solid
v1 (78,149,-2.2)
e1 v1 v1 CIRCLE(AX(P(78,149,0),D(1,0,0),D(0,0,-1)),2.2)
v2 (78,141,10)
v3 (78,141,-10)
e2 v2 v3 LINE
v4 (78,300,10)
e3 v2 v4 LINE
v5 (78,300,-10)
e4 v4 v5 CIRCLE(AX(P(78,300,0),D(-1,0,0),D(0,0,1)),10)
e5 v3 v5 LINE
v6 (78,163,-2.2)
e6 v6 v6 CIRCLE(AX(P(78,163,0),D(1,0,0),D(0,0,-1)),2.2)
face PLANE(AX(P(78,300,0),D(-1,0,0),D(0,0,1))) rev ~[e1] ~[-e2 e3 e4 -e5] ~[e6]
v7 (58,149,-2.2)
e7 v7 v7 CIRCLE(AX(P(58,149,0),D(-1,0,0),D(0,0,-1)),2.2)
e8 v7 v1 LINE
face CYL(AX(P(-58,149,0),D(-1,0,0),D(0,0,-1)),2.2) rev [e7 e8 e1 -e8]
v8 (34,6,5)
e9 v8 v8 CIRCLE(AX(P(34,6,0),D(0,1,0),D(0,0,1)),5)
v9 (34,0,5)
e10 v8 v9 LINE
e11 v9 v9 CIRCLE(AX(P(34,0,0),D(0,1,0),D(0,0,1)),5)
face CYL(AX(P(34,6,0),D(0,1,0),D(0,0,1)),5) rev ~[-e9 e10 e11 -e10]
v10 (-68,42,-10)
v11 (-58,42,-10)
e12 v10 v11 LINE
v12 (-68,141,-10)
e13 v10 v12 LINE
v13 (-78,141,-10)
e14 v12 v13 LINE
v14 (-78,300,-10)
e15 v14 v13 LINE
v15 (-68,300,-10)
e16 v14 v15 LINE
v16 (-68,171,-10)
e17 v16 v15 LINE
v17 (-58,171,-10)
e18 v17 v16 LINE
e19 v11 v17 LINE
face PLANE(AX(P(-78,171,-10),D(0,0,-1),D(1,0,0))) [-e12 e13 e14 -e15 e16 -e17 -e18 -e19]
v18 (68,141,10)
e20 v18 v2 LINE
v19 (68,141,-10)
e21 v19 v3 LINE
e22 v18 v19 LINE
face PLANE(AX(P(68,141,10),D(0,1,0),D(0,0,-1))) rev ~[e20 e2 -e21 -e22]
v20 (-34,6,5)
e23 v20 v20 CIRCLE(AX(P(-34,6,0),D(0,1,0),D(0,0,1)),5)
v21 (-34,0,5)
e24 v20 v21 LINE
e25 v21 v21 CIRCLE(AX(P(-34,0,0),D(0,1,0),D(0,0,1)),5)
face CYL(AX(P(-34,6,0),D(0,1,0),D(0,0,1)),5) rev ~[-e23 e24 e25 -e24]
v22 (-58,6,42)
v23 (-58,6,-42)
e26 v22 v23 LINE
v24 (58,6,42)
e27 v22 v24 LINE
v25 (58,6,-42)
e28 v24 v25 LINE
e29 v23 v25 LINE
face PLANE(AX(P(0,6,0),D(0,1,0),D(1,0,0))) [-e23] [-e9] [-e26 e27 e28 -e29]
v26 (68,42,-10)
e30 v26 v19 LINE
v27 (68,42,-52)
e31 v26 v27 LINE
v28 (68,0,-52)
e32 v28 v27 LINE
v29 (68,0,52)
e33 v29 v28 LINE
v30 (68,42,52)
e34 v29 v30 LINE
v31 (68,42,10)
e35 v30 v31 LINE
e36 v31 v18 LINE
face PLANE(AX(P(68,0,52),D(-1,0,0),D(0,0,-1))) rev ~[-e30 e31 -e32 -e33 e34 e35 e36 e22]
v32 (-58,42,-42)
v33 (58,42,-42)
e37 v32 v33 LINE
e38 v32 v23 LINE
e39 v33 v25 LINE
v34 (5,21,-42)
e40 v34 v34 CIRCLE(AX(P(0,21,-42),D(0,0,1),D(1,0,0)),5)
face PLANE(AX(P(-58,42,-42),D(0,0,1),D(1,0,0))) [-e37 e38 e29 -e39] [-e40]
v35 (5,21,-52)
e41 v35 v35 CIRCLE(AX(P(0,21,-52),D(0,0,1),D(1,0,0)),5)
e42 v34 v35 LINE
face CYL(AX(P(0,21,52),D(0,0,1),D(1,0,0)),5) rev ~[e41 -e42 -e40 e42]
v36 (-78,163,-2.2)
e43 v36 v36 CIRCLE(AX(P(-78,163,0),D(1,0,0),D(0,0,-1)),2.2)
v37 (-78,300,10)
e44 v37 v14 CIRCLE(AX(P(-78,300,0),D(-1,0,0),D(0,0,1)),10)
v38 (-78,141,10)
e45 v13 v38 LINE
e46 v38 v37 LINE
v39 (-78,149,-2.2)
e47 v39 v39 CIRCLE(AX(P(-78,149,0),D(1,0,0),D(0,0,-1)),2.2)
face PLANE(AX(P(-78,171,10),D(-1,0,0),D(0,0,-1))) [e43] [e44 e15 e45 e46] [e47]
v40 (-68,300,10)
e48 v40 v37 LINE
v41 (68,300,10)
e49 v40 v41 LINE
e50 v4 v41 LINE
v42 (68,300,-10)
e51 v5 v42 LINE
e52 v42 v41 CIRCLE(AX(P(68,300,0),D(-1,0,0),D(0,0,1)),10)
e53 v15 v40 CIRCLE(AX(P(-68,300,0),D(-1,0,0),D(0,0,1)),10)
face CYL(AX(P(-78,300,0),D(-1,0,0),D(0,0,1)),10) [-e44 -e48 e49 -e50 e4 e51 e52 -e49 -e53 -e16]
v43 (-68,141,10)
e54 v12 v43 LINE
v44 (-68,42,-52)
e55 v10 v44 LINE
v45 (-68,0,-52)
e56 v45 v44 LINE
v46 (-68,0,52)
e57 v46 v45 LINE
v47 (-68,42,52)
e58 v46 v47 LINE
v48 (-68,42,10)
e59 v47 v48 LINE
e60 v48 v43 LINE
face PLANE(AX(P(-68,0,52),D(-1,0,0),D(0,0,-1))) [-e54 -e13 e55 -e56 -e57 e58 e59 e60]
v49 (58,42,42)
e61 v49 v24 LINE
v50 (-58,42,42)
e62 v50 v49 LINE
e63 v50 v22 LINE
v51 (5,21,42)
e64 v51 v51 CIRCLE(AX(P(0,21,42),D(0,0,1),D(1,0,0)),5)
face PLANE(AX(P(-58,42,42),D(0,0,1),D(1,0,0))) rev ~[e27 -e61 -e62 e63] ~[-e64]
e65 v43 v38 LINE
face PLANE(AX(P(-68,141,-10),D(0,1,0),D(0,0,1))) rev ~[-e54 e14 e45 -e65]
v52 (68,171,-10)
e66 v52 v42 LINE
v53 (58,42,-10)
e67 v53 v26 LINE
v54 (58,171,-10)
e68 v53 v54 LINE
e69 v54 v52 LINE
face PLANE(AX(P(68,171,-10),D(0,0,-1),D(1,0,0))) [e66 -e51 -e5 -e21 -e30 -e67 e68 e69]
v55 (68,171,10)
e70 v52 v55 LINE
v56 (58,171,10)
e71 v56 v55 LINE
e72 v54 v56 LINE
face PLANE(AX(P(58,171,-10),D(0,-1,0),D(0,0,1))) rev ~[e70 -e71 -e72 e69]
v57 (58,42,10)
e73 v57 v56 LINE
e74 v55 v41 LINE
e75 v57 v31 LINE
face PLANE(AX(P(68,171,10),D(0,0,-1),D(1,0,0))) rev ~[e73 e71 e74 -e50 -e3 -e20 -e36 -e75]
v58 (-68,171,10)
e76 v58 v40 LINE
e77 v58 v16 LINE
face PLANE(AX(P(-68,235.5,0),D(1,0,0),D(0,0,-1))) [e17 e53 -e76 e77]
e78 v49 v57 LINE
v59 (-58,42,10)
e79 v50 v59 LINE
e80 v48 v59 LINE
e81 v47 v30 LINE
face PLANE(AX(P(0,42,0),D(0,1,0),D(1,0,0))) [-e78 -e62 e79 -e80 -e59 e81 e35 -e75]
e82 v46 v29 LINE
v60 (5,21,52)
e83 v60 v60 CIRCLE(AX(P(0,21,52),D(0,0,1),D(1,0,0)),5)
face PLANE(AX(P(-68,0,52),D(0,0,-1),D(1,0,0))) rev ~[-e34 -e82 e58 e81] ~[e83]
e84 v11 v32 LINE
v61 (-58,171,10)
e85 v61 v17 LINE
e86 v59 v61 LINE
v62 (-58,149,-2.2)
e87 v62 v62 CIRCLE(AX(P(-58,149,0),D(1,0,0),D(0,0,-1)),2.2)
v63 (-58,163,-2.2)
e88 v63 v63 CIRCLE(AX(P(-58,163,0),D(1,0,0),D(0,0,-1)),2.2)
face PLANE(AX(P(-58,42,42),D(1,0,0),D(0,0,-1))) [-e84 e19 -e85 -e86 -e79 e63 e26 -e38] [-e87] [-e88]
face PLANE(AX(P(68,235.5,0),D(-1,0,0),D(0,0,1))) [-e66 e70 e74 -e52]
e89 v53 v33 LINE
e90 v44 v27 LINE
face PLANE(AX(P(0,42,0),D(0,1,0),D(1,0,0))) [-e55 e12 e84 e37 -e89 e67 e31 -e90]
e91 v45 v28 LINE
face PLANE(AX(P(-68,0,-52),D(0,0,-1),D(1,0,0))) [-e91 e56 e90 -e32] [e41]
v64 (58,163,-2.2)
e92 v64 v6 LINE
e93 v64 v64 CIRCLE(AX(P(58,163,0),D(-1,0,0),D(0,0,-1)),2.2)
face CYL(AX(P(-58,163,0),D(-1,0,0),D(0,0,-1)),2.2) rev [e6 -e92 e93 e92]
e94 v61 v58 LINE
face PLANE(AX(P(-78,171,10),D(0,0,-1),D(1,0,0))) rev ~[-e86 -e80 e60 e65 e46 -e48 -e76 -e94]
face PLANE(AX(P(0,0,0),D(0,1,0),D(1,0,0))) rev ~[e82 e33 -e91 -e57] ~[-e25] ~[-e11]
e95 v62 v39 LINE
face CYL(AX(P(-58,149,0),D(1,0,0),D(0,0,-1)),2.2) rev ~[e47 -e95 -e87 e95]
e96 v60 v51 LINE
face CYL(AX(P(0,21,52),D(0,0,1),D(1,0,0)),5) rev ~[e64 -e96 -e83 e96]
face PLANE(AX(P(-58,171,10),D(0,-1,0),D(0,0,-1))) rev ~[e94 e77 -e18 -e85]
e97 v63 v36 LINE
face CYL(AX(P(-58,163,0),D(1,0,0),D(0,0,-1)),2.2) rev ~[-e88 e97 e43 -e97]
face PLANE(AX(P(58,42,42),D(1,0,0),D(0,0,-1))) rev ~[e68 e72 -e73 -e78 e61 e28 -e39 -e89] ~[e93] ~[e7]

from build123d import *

# Parameters (mm, degrees)
SKETCH_1_W                      = 136
SKETCH_1_H                      = 104
EXTRUDE_1_DEPTH                 = 42
SKETCH_2_W                      = 116
SKETCH_2_H                      = 84
CUT_EXTRUDE_1_DEPTH             = 36
CUT_EXTRUDE_2_REACH             = 94.865
SKETCH_3_R                      = 5
SKETCH_5_R                      = 5
CUT_EXTRUDE_4_DEPTH             = 104
SKETCH_6_W                      = 10
SKETCH_6_H                      = 20
EXTRUDE_2_DEPTH                 = 258
SKETCH_8_W                      = 20
SKETCH_8_H                      = 30
EXTRUDE_4_DEPTH                 = 10
SKETCH_9_W                      = 10
SKETCH_9_H                      = 20
EXTRUDE_5_DEPTH                 = 129
SKETCH_10_W                     = 20
SKETCH_10_H                     = 30
EXTRUDE_6_DEPTH                 = 10
SKETCH_12_W                     = 10
SKETCH_12_H                     = 20
EXTRUDE_8_DEPTH                 = 129
SKETCH_13_W                     = 20
SKETCH_13_H                     = 129
CUT_EXTRUDE_5_DEPTH             = 10
SKETCH_14_W                     = 20
SKETCH_14_H                     = 129
CUT_EXTRUDE_6_DEPTH             = 10
SKETCH_15_R                     = 10
EXTRUDE_9_DEPTH                 = 156
CUT_EXTRUDE_7_REACH             = 344.491
SKETCH_16_R                     = 2.2
CUT_EXTRUDE_7_DIRECTION_2_DEPTH = 136


with BuildPart() as part:
    # 草图1 → 凸台-拉伸1 (new body)
    with BuildSketch(Plane(origin=(0, 0, 0), x_dir=(1, 0, 0), z_dir=(0, 1, 0))):
        Rectangle(SKETCH_1_W, SKETCH_1_H)
    extrude(amount=EXTRUDE_1_DEPTH)

    # 草图2 → 切除-拉伸1 (cut)
    with BuildSketch(Plane(origin=(0, 42, 0), x_dir=(1, 0, 0), z_dir=(0, 1, 0))):
        Rectangle(SKETCH_2_W, SKETCH_2_H)
    extrude(amount=-CUT_EXTRUDE_1_DEPTH, mode=Mode.SUBTRACT)

    # 草图3 → 切除-拉伸2 (cut, up to next)
    with BuildSketch(Plane(origin=(0, 6, 0), x_dir=(1, 0, 0), z_dir=(0, 1, 0)), mode=Mode.PRIVATE) as cut_extrude_2_sk1:
        with Locations(Location((-34, 0, 0), (0, 0, 270))):
            Circle(SKETCH_3_R)
    cut_extrude_2_tool1 = extrude(cut_extrude_2_sk1.sketch, amount=-CUT_EXTRUDE_2_REACH, mode=Mode.PRIVATE) & part.part
    # 草图3 → 切除-拉伸2 (cut, up to next)
    with BuildSketch(Plane(origin=(0, 6, 0), x_dir=(1, 0, 0), z_dir=(0, 1, 0)), mode=Mode.PRIVATE) as cut_extrude_2_sk2:
        with Locations(Location((34, 0, 0), (0, 0, 270))):
            Circle(SKETCH_3_R)
    cut_extrude_2_tool2 = extrude(cut_extrude_2_sk2.sketch, amount=-CUT_EXTRUDE_2_REACH, mode=Mode.PRIVATE) & part.part
    add(cut_extrude_2_tool1.solids().sort_by_distance((-34, 6, 0))[0], mode=Mode.SUBTRACT)
    add(cut_extrude_2_tool2.solids().sort_by_distance((34, 6, 0))[0], mode=Mode.SUBTRACT)

    # 草图5 → 切除-拉伸4 (cut)
    with BuildSketch(Plane.XY.offset(52)):
        with Locations((0, 21)):
            Circle(SKETCH_5_R)
    extrude(amount=-CUT_EXTRUDE_4_DEPTH, mode=Mode.SUBTRACT)

    # 草图6 → 凸台-拉伸2 (add)
    with BuildSketch(Plane(origin=(0, 42, 0), x_dir=(1, 0, 0), z_dir=(0, 1, 0))):
        with Locations((-63, 0)):
            Rectangle(SKETCH_6_W, SKETCH_6_H)
        with Locations((63, 0)):
            Rectangle(SKETCH_6_W, SKETCH_6_H)
    extrude(amount=EXTRUDE_2_DEPTH)

    # 草图8 → 凸台-拉伸4 (add)
    with BuildSketch(Plane.ZY.offset(68)):
        with Locations((0, 156)):
            Rectangle(SKETCH_8_W, SKETCH_8_H)
    extrude(amount=EXTRUDE_4_DEPTH)

    # 草图9 → 凸台-拉伸5 (add)
    with BuildSketch(Plane(origin=(0, 171, 0), x_dir=(1, 0, 0), z_dir=(0, 1, 0))):
        with Locations((-73, 0)):
            Rectangle(SKETCH_9_W, SKETCH_9_H)
    extrude(amount=EXTRUDE_5_DEPTH)

    # 草图10 → 凸台-拉伸6 (add)
    with BuildSketch(Plane(origin=(68, 0, 0), x_dir=(0, 0, -1), z_dir=(1, 0, 0))):
        with Locations((0, 156)):
            Rectangle(SKETCH_10_W, SKETCH_10_H)
    extrude(amount=EXTRUDE_6_DEPTH)

    # 草图12 → 凸台-拉伸8 (add)
    with BuildSketch(Plane(origin=(0, 171, 0), x_dir=(1, 0, 0), z_dir=(0, 1, 0))):
        with Locations((73, 0)):
            Rectangle(SKETCH_12_W, SKETCH_12_H)
    extrude(amount=EXTRUDE_8_DEPTH)

    # 草图13 → 切除-拉伸5 (cut)
    with BuildSketch(Plane(origin=(-58, 0, 0), x_dir=(0, 0, -1), z_dir=(1, 0, 0))):
        with Locations((0, 235.5)):
            Rectangle(SKETCH_13_W, SKETCH_13_H)
    extrude(amount=-CUT_EXTRUDE_5_DEPTH, mode=Mode.SUBTRACT)

    # 草图14 → 切除-拉伸6 (cut)
    with BuildSketch(Plane.ZY.offset(-58)):
        with Locations((0, 235.5)):
            Rectangle(SKETCH_14_W, SKETCH_14_H)
    extrude(amount=-CUT_EXTRUDE_6_DEPTH, mode=Mode.SUBTRACT)

    # 草图15 → 凸台-拉伸9 (add)
    with BuildSketch(Plane.ZY.offset(78)):
        with Locations((0, 300)):
            Circle(SKETCH_15_R)
    extrude(amount=-EXTRUDE_9_DEPTH)

    # 草图16 → 切除-拉伸7 (cut, up to next)
    with BuildSketch(Plane(origin=(-58, 0, 0), x_dir=(0, 0, -1), z_dir=(1, 0, 0)), mode=Mode.PRIVATE) as cut_extrude_7_sk1:
        with Locations((0, 163)):
            Circle(SKETCH_16_R)
    cut_extrude_7_tool1 = extrude(cut_extrude_7_sk1.sketch, amount=-CUT_EXTRUDE_7_REACH, mode=Mode.PRIVATE) & part.part
    # 草图16 → 切除-拉伸7 (cut, up to next)
    with BuildSketch(Plane(origin=(-58, 0, 0), x_dir=(0, 0, -1), z_dir=(1, 0, 0)), mode=Mode.PRIVATE) as cut_extrude_7_sk2:
        with Locations((0, 149)):
            Circle(SKETCH_16_R)
    cut_extrude_7_tool2 = extrude(cut_extrude_7_sk2.sketch, amount=-CUT_EXTRUDE_7_REACH, mode=Mode.PRIVATE) & part.part
    add(cut_extrude_7_tool1.solids().sort_by_distance((-58, 163, 0))[0], mode=Mode.SUBTRACT)
    add(cut_extrude_7_tool2.solids().sort_by_distance((-58, 149, 0))[0], mode=Mode.SUBTRACT)

    # 草图16 → 切除-拉伸7 direction 2 (cut)
    with BuildSketch(Plane(origin=(-58, 0, 0), x_dir=(0, 0, -1), z_dir=(1, 0, 0))):
        with Locations((0, 163)):
            Circle(SKETCH_16_R)
        with Locations((0, 149)):
            Circle(SKETCH_16_R)
    extrude(amount=CUT_EXTRUDE_7_DIRECTION_2_DEPTH, mode=Mode.SUBTRACT)


solid = part.part
